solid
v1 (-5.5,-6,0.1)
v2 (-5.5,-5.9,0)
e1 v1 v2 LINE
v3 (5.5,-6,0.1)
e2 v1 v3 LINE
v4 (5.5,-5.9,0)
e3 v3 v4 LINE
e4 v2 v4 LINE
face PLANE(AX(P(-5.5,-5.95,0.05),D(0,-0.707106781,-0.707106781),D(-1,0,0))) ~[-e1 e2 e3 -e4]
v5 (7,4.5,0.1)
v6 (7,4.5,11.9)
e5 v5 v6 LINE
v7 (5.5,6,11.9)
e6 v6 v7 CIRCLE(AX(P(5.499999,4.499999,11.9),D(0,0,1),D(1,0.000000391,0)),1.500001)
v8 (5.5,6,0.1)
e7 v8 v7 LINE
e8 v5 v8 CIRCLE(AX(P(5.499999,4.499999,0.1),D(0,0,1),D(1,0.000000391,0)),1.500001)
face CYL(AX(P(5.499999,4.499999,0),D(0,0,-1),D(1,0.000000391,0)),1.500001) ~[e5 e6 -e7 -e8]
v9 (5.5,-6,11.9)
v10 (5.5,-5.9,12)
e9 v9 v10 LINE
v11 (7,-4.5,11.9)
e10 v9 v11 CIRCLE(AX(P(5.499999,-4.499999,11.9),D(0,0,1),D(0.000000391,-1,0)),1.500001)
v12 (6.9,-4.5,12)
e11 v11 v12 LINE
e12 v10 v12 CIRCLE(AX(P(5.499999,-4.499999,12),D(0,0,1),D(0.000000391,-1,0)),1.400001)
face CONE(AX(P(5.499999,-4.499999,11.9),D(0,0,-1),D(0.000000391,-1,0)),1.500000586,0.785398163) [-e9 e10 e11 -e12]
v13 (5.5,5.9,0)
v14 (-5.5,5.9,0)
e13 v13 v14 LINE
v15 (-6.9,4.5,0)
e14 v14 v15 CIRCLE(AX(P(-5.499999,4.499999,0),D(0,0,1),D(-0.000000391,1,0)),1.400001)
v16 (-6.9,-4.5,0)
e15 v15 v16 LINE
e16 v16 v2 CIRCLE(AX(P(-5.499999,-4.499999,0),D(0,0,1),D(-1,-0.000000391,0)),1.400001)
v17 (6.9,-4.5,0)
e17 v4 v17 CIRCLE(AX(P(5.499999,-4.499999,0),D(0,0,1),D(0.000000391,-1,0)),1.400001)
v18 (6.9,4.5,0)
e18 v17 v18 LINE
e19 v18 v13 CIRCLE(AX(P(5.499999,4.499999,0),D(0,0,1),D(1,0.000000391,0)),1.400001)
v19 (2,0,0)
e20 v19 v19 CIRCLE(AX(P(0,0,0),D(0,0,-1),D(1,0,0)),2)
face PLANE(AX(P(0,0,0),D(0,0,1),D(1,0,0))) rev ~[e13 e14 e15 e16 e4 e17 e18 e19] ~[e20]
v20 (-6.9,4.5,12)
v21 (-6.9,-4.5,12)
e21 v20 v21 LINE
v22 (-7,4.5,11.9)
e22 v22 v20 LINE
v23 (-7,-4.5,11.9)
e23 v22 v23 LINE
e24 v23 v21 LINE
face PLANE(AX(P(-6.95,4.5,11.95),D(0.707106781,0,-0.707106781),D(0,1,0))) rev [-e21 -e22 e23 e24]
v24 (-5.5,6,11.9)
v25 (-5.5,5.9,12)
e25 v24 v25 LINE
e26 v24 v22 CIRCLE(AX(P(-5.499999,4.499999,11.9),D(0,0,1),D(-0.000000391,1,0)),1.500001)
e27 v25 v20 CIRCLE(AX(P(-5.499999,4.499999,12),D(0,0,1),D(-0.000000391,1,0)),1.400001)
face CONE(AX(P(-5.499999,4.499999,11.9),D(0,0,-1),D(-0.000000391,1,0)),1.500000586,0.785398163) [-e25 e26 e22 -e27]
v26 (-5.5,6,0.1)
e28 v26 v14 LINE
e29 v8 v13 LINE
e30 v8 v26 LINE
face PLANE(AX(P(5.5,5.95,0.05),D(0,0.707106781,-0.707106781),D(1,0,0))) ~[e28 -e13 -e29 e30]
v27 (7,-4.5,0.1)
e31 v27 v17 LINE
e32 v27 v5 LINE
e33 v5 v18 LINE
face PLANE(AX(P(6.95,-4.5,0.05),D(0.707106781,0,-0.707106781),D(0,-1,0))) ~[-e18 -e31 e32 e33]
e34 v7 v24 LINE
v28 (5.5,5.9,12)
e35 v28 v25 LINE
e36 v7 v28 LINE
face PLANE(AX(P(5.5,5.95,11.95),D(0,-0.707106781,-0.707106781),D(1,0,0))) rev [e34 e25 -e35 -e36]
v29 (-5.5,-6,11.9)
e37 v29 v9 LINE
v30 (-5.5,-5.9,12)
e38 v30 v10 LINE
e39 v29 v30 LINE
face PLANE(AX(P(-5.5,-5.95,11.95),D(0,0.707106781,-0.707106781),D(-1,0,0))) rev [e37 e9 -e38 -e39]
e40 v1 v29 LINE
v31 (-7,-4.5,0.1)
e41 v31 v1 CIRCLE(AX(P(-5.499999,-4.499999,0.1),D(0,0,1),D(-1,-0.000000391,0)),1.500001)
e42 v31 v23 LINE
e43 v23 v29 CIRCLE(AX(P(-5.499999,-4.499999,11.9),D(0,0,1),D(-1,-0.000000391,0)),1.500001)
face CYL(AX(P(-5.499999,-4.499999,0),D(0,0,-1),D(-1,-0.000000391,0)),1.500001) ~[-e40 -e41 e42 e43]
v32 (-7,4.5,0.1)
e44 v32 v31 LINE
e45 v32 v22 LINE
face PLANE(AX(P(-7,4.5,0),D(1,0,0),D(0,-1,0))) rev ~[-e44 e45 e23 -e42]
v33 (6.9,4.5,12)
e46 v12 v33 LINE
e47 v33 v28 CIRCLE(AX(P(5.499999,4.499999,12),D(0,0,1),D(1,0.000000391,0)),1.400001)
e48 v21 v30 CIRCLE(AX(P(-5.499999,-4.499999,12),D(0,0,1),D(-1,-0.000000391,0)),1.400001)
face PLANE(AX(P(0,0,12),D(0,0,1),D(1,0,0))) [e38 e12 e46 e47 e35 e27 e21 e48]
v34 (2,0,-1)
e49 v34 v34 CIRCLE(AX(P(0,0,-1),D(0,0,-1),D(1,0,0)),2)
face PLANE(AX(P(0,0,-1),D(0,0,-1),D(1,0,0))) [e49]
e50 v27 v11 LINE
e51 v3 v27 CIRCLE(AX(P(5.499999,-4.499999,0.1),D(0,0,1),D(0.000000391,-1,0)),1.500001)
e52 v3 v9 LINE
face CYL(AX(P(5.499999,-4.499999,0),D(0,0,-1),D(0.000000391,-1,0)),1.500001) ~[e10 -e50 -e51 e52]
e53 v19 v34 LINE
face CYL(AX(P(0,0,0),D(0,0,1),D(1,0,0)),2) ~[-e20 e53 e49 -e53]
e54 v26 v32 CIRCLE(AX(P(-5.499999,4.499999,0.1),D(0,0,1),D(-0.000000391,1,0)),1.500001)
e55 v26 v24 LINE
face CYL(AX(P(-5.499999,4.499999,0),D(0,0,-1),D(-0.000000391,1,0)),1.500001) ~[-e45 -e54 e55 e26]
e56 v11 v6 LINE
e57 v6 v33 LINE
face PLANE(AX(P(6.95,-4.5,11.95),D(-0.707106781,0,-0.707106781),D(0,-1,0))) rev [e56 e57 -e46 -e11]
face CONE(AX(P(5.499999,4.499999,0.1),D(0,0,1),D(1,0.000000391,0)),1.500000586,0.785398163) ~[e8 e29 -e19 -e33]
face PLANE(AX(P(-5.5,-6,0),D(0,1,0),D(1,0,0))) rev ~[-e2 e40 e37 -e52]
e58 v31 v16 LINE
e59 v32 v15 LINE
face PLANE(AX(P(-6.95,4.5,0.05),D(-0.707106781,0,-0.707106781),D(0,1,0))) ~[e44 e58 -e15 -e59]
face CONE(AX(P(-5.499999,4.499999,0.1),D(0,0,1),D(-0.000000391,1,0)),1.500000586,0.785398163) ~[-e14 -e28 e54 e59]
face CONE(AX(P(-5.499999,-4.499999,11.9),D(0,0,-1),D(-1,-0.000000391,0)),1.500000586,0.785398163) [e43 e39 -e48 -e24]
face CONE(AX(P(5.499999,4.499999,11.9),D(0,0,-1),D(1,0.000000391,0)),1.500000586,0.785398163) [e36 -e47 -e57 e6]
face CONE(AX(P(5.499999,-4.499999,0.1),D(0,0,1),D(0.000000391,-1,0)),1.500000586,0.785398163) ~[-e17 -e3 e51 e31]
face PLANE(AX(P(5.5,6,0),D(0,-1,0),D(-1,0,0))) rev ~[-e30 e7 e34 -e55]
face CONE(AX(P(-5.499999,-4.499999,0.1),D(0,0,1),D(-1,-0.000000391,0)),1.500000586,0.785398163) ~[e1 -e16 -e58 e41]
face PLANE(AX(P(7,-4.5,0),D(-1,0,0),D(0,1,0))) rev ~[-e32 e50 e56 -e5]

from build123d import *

# Parameters (mm, degrees)
F1_DEPTH = 12
F2_SIZE  = 0.1
F3_R     = 2
F4_DEPTH = 1


with BuildPart() as f1:
    # F0 (on Top) → F1 (new body)
    with BuildSketch(Plane.XY):
        with BuildLine():
            Line((-5.5, -6), (5.5, -6))
            ThreePointArc((5.5, -6), (6.56066, -5.56066), (7, -4.5))
            Line((7, -4.5), (7, 4.5))
            ThreePointArc((7, 4.5), (6.56066, 5.56066), (5.5, 6))
            Line((5.5, 6), (-5.5, 6))
            ThreePointArc((-5.5, 6), (-6.56066, 5.56066), (-7, 4.5))
            Line((-7, 4.5), (-7, -4.5))
            ThreePointArc((-7, -4.5), (-6.56066, -5.56066), (-5.5, -6))
        make_face()
    extrude(amount=F1_DEPTH)

    # F2
    f2_edges = [f1.edges().sort_by_distance(p)[0] for p in [
        (0, -6, 12),
        (6.56066, -5.56066, 12),
        (7, 0, 12),
        (6.56066, 5.56066, 12),
        (0, 6, 12),
        (-6.56066, 5.56066, 12),
        (-7, 0, 12),
        (-6.56066, -5.56066, 12),
        (0, -6, 0),
        (6.56066, -5.56066, 0),
        (7, 0, 0),
        (6.56066, 5.56066, 0),
        (0, 6, 0),
        (-6.56066, 5.56066, 0),
        (-7, 0, 0),
        (-6.56066, -5.56066, 0),
    ]]
    chamfer(f2_edges, length=F2_SIZE)

    # F3 (on face) → F4 (join)
    with BuildSketch(Plane(origin=(0, 0, 0), x_dir=(1, 0, 0), z_dir=(0, 0, -1))):
        Circle(F3_R)
    extrude(amount=F4_DEPTH)


solid = f1.part
